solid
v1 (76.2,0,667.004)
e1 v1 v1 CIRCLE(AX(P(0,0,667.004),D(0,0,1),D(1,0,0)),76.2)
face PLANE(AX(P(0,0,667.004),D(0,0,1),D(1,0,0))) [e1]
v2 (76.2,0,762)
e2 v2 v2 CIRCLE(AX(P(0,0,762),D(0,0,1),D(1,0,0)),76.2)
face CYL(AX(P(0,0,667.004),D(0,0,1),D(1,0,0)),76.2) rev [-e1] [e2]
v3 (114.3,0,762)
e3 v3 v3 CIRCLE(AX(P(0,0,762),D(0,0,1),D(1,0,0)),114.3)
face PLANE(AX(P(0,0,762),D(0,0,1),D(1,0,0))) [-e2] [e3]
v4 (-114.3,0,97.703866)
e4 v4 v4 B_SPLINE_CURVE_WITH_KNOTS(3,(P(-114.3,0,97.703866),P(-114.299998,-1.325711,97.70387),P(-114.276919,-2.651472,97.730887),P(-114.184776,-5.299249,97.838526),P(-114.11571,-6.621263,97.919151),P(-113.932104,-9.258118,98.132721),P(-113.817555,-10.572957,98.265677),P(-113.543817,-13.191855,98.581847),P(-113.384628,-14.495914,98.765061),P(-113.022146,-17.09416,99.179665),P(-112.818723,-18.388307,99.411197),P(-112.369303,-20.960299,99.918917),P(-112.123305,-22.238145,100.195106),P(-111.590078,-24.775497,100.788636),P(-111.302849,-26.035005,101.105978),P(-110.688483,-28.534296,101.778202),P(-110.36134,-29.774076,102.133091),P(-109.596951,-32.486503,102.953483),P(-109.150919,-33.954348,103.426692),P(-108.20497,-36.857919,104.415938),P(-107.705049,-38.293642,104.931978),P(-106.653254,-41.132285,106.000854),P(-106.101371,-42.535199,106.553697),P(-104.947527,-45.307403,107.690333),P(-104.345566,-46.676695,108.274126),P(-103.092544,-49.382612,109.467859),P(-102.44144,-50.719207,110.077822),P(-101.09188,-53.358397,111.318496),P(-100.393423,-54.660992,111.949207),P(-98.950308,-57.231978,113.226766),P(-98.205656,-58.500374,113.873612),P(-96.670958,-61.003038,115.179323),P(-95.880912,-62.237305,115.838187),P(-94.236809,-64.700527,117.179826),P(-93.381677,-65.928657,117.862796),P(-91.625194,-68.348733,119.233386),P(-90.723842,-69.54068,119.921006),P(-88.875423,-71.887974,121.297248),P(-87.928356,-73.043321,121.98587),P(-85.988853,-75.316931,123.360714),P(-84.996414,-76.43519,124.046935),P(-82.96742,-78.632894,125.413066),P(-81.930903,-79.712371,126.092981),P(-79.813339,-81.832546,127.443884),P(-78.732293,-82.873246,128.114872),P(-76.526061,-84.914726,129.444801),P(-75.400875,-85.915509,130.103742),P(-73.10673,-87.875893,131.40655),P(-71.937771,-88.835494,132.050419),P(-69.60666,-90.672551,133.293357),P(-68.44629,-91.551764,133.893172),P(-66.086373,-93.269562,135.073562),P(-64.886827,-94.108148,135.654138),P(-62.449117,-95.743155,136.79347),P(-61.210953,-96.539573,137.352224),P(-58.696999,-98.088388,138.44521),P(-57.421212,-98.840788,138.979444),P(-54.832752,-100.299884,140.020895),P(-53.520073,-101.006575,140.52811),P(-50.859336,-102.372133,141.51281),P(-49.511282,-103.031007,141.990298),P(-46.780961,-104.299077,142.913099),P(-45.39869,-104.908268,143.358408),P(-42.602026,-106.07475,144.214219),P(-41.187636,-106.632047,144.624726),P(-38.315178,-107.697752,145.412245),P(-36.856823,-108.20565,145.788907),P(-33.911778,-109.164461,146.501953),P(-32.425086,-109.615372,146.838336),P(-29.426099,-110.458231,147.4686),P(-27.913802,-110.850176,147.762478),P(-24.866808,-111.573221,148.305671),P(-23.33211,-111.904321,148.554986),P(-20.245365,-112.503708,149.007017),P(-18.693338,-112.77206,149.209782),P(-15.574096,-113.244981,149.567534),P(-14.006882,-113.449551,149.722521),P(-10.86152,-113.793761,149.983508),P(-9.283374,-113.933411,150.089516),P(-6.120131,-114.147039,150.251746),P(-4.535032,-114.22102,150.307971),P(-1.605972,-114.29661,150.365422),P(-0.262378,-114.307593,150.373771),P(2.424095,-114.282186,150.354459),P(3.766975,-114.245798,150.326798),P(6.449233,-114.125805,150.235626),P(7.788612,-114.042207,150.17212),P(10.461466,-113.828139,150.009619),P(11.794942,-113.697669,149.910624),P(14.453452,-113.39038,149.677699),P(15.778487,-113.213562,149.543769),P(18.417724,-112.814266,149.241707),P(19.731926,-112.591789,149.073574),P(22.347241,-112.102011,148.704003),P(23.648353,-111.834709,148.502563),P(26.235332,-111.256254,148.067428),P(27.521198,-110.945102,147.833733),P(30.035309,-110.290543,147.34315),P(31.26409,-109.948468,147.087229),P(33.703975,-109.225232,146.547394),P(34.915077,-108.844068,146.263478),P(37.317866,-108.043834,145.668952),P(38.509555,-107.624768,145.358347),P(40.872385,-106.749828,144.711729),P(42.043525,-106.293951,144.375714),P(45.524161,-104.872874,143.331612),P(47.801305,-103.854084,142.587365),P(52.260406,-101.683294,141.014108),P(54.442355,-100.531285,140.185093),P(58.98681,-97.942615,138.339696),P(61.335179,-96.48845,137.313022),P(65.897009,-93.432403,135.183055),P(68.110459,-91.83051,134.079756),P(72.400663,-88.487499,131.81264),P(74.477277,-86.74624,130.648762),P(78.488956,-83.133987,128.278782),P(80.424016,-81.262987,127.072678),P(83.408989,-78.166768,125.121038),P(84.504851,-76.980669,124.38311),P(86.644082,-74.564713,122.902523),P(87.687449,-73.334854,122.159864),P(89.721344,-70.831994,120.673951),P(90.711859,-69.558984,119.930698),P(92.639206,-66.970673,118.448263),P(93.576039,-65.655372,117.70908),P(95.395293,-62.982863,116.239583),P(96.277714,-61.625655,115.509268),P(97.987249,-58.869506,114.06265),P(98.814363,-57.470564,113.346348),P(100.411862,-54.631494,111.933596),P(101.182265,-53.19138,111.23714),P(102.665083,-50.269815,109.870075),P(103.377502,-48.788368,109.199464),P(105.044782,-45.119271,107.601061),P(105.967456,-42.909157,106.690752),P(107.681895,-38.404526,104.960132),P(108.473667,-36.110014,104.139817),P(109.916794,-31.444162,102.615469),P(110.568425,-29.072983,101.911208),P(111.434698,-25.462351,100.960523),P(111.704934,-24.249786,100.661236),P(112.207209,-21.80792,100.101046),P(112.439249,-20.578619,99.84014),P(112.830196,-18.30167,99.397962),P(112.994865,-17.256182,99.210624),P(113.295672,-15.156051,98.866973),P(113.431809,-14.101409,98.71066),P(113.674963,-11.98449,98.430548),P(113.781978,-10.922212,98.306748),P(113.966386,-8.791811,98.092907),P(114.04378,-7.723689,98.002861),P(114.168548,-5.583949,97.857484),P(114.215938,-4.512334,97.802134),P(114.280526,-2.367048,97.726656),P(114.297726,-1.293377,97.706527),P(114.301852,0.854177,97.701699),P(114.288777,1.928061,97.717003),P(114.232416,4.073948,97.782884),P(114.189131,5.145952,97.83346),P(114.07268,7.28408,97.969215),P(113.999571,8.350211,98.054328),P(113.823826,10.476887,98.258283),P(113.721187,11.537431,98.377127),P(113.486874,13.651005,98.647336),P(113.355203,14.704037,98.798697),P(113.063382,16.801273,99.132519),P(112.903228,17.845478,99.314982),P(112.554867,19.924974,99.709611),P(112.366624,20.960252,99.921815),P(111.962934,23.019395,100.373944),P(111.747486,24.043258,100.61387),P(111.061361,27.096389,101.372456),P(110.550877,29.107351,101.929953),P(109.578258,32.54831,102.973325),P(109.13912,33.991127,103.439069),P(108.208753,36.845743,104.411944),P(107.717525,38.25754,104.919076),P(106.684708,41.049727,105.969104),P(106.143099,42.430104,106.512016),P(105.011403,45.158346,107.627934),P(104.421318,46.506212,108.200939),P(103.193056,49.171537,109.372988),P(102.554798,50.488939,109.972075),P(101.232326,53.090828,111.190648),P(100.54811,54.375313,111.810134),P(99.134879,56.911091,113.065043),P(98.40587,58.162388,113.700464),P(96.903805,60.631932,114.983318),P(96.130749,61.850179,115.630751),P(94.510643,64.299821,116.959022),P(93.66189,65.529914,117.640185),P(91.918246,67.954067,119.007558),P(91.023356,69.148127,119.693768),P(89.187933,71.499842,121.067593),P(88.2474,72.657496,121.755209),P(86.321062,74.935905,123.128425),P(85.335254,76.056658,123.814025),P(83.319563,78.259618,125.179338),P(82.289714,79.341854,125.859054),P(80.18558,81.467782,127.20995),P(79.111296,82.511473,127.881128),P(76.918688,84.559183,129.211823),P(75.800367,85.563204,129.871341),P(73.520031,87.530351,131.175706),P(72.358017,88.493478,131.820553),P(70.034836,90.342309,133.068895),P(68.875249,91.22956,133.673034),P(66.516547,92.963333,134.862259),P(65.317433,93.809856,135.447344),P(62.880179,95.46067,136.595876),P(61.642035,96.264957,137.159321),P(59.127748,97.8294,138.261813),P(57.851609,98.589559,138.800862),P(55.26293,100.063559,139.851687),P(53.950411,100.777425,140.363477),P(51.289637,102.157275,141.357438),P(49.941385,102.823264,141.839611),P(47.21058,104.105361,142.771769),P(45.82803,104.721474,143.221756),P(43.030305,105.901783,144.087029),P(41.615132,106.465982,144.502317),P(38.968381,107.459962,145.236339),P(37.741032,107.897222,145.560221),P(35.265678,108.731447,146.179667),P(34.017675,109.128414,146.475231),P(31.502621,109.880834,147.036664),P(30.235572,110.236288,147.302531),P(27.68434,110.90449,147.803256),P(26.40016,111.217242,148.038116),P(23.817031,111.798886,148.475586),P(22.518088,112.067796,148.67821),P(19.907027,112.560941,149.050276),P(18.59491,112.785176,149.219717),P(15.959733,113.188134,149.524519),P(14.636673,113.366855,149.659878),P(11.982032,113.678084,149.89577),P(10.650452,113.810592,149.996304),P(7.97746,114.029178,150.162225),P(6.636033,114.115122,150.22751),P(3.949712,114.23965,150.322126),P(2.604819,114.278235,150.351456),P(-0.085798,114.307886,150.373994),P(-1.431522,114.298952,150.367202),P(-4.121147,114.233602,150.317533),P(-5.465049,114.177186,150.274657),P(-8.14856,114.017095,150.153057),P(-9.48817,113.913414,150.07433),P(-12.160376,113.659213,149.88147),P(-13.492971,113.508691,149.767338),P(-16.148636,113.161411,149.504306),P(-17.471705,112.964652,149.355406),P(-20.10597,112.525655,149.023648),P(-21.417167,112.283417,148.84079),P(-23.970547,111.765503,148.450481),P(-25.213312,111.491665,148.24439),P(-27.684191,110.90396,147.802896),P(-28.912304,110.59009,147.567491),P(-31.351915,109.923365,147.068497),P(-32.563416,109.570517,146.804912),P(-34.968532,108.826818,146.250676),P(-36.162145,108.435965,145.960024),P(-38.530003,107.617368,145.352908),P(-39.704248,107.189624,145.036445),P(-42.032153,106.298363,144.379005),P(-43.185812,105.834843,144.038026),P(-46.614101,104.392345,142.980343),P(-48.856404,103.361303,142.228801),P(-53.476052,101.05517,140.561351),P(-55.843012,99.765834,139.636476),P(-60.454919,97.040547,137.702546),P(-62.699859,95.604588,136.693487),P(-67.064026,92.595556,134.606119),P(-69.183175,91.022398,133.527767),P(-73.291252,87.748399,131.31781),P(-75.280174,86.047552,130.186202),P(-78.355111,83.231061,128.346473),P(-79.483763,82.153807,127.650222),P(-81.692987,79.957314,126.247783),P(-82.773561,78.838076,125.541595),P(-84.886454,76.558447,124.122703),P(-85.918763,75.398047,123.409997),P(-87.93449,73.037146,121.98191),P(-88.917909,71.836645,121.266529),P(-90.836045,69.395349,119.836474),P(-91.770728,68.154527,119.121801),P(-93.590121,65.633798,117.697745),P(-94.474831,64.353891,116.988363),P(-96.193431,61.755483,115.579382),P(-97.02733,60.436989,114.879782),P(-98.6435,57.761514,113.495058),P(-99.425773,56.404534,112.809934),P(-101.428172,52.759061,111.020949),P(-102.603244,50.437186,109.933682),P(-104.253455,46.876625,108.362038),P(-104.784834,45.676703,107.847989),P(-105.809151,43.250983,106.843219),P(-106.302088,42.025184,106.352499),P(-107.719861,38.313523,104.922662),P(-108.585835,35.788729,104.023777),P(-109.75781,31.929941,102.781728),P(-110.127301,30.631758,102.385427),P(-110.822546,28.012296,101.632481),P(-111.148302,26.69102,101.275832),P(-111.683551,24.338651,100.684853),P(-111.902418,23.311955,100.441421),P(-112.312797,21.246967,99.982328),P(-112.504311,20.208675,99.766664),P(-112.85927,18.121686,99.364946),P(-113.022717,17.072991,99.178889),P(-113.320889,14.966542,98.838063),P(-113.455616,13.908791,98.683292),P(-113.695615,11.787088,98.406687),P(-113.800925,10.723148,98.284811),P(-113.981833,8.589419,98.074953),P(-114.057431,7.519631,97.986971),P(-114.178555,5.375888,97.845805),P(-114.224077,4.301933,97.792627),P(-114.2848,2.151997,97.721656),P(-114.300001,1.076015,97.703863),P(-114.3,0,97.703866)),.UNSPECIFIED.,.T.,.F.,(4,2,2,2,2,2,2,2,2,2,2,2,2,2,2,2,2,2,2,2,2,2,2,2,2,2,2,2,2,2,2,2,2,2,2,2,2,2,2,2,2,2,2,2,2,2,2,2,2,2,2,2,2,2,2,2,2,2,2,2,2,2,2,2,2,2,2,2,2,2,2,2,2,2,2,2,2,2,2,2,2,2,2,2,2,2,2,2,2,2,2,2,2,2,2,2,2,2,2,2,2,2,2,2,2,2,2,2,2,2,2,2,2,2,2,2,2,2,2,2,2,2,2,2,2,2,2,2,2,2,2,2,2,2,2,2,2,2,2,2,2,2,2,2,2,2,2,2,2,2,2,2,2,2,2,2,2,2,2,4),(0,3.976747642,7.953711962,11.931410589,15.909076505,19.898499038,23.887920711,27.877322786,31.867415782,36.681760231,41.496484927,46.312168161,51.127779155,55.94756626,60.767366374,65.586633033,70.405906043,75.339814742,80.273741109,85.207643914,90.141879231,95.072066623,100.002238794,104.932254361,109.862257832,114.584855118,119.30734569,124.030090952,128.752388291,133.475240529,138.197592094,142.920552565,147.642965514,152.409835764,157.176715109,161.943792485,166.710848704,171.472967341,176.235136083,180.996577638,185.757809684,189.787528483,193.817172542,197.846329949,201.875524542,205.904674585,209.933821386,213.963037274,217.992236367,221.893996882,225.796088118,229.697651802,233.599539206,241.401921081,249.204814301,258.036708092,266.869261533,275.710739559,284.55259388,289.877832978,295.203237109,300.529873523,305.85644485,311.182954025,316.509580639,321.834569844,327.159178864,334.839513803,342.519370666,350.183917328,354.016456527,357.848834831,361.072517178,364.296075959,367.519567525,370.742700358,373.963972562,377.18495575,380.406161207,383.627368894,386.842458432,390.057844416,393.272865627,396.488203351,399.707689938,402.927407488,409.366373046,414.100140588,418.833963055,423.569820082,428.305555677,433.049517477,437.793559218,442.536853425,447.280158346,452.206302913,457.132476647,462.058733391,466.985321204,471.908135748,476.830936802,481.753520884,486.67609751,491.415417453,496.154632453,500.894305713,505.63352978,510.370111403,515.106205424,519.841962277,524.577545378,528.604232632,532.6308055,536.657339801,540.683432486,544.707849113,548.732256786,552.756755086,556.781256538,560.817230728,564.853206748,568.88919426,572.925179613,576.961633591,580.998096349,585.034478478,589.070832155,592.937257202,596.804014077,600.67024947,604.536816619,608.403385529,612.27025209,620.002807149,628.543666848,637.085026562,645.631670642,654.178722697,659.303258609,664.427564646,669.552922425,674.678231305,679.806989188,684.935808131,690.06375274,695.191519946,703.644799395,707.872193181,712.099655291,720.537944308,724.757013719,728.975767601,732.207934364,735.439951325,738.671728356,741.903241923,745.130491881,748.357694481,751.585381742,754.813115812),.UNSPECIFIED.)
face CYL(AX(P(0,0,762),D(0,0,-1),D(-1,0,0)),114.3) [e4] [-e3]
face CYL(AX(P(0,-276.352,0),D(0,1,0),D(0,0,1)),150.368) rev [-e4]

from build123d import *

# Parameters (mm, degrees)
SKETCH1_R               = 114.3
BOSS_EXTRUDE1_DEPTH     = 762
SKETCH2_R               = 76.2
CUT_EXTRUDE1_DEPTH      = 94.996
CUT_EXTRUDE2_DEPTH      = 241.046
CUT_EXTRUDE2_DEPTH_BACK = 276.352
SKETCH6_R               = 150.368


with BuildPart() as part:
    # Sketch1 → Boss-Extrude1 (new body)
    with BuildSketch(Plane.XY):
        Circle(SKETCH1_R)
    extrude(amount=BOSS_EXTRUDE1_DEPTH)

    # Sketch2 → Cut-Extrude1 (cut)
    with BuildSketch(Plane.XY.offset(762)):
        Circle(SKETCH2_R)
    extrude(amount=-CUT_EXTRUDE1_DEPTH, mode=Mode.SUBTRACT)

    # Sketch6 → Cut-Extrude2 (cut, two sides: drawn at the far end of the back side and taken through both)
    with BuildSketch(Plane(origin=(0, 0, 0), x_dir=(1, 0, 0), z_dir=(0, 1, 0)).offset(-CUT_EXTRUDE2_DEPTH_BACK)):
        Circle(SKETCH6_R)
    extrude(amount=CUT_EXTRUDE2_DEPTH + CUT_EXTRUDE2_DEPTH_BACK, mode=Mode.SUBTRACT)


solid = part.part
